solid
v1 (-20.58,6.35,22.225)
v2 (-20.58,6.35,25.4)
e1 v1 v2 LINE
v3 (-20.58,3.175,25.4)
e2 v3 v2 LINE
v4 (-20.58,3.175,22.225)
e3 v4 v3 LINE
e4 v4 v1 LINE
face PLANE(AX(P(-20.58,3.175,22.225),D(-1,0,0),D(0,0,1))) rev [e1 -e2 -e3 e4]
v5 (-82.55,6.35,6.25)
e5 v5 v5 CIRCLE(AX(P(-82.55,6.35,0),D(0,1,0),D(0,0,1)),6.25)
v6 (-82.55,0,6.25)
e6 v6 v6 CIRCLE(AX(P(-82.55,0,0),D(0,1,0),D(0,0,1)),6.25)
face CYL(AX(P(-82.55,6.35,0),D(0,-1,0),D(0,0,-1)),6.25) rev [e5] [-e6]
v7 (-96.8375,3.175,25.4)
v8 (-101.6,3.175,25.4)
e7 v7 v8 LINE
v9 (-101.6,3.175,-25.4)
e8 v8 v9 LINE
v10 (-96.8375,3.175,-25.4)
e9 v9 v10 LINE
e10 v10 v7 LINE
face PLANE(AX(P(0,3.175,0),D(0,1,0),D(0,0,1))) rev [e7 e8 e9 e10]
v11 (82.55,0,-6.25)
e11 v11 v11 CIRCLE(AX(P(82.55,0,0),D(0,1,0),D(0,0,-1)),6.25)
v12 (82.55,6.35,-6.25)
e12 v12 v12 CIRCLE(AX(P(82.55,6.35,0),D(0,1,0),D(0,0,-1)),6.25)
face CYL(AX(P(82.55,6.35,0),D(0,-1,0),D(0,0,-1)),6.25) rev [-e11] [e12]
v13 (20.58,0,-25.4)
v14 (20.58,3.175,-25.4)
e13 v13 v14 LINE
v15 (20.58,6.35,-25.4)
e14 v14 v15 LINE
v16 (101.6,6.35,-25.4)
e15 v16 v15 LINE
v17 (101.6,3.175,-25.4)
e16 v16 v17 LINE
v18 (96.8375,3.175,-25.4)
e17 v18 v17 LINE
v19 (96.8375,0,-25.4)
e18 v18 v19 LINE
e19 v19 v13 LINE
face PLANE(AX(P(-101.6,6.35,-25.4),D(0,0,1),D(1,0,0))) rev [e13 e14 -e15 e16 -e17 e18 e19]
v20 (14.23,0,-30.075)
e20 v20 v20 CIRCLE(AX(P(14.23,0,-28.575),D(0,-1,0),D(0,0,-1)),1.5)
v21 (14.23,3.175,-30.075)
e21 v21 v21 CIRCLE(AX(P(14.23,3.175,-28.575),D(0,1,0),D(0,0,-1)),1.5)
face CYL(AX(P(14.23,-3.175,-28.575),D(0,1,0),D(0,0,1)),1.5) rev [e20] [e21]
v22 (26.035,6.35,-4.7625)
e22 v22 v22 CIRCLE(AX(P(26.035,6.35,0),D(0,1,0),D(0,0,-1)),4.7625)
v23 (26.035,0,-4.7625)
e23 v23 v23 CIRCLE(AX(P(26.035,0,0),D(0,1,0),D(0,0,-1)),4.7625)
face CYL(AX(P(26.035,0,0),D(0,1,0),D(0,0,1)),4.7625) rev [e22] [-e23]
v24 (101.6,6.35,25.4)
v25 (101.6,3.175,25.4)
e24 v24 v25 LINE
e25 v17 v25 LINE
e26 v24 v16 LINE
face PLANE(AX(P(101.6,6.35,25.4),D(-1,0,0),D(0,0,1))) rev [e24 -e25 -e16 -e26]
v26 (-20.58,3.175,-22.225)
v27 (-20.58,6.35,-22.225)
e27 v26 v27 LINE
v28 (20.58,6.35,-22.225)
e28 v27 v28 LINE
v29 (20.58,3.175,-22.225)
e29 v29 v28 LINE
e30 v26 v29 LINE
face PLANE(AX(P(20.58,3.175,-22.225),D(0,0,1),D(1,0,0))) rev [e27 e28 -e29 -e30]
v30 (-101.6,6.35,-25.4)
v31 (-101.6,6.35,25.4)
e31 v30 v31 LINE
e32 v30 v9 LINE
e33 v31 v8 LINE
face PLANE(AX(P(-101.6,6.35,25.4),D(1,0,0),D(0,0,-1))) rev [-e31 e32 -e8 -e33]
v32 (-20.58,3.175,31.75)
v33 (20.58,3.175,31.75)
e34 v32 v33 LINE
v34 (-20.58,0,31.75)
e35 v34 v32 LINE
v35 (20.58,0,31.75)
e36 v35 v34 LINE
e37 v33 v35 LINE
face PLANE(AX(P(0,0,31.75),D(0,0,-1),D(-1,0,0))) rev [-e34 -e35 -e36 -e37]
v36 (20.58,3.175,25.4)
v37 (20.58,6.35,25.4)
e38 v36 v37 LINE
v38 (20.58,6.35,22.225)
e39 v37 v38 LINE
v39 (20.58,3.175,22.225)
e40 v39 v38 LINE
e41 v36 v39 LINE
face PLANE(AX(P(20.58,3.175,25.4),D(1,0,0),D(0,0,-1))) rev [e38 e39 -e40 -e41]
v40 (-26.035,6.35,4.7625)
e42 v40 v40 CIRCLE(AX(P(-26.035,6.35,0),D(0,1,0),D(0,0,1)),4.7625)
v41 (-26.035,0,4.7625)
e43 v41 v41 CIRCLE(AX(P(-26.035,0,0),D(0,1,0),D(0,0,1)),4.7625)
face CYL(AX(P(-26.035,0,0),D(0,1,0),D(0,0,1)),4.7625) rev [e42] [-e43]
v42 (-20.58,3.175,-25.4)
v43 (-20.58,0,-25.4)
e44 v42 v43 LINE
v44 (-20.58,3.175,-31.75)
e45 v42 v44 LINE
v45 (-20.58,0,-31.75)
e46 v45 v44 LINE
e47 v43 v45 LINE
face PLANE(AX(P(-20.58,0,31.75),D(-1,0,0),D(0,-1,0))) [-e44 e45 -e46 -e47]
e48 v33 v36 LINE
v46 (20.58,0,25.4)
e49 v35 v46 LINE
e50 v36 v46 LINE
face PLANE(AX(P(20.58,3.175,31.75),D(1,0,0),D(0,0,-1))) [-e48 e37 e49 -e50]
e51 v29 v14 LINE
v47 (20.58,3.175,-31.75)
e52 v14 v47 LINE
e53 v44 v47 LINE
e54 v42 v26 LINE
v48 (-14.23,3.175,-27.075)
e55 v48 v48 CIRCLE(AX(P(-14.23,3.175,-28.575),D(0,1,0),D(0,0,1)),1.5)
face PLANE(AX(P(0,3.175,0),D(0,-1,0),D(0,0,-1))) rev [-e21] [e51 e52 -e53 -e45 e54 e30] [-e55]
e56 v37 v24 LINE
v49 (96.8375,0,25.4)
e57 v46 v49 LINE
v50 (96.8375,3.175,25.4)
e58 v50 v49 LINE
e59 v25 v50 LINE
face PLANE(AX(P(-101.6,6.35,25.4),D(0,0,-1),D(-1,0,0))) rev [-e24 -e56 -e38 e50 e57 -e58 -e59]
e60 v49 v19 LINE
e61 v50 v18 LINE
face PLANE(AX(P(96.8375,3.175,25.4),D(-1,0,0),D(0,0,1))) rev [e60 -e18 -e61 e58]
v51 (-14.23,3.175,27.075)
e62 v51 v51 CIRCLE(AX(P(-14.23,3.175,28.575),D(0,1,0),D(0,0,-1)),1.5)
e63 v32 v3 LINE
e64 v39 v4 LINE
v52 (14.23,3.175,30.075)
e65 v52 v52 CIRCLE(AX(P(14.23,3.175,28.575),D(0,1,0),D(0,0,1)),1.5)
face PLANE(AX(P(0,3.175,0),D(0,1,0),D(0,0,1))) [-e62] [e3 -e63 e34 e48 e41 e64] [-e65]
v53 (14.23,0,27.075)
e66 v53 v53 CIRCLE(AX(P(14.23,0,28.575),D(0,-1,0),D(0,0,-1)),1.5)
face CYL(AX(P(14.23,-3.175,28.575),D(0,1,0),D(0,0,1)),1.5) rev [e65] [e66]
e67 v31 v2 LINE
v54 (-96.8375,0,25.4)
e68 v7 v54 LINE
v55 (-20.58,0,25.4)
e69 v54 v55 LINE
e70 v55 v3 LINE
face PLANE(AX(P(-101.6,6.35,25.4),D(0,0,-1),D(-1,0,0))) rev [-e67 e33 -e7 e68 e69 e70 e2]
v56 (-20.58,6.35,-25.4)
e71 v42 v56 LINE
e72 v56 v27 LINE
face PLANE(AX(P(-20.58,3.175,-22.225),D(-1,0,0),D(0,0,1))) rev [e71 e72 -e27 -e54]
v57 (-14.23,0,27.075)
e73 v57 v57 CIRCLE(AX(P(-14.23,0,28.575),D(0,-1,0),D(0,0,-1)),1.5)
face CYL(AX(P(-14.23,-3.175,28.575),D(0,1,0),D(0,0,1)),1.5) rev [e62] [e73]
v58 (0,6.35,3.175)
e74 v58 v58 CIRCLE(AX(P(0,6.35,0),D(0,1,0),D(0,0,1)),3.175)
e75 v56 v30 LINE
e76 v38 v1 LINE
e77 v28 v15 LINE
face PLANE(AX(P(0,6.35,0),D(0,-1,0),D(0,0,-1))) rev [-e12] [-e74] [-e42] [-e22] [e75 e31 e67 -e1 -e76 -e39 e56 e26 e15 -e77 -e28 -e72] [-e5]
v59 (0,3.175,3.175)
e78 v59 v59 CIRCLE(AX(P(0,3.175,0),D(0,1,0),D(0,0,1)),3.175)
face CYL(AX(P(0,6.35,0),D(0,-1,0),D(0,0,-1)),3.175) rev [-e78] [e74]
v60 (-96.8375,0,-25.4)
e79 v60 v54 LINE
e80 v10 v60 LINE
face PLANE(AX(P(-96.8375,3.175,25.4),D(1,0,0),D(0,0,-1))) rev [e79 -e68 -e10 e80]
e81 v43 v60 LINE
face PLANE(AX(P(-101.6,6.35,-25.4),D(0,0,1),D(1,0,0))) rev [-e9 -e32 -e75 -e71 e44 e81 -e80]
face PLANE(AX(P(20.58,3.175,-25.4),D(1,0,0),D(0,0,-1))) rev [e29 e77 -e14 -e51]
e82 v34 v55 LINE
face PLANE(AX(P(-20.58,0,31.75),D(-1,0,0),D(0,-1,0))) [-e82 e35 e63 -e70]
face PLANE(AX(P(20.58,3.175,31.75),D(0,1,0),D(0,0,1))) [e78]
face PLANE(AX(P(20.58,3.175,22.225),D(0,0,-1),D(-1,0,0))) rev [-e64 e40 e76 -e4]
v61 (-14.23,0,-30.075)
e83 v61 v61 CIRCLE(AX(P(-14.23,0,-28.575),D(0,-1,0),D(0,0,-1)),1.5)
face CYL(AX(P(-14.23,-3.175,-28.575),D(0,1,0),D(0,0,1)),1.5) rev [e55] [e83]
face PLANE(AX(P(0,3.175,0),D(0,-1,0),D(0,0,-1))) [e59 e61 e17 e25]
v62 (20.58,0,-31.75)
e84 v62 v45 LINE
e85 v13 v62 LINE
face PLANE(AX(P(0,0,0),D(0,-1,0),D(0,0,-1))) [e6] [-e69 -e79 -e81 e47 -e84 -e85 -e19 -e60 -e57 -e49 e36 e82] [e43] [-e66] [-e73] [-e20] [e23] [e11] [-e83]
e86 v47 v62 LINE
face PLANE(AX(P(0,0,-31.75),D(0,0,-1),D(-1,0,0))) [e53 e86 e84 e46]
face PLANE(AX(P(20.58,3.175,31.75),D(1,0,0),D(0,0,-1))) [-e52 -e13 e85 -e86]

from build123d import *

# Parameters (mm, degrees)
SKETCH1_W                = 203.2
SKETCH1_H                = 50.8
SKETCH1_R                = 6.25
SKETCH1_R_2              = 3.175
BOSS_EXTRUDE1_DEPTH      = 6.35
SKETCH2_W                = 41.159999976
SKETCH2_H                = 3.175
CUT_EXTRUDE1_DEPTH       = 3.175
SKETCH3_W                = 4.7625
SKETCH3_H                = 50.8
CUT_EXTRUDE2_DEPTH       = 3.175
SKETCH4_R                = 4.7625
CUT_EXTRUDE3_DEPTH       = 105.919218926
BOSS_EXTRUDE2_DEPTH      = 6.35
BOSS_EXTRUDE2_DEPTH_BACK = 57.15
SKETCH5_W                = 41.159999976
SKETCH5_H                = 3.175
SKETCH6_R                = 1.5
CUT_EXTRUDE4_DEPTH       = 6.35


with BuildPart() as part:
    # Sketch1 → Boss-Extrude1 (new body)
    with BuildSketch(Plane(origin=(0, 0, 0), x_dir=(1, 0, 0), z_dir=(0, 1, 0))):
        Rectangle(SKETCH1_W, SKETCH1_H)
        with Locations(Location((-82.55, 0, 0), (0, 0, 270))):
            Circle(SKETCH1_R, mode=Mode.SUBTRACT)
        with Locations(Location((82.55, 0, 0), (0, 0, 90))):
            Circle(SKETCH1_R, mode=Mode.SUBTRACT)
        with Locations(Location((0, 0, 0), (0, 0, 270))):
            Circle(SKETCH1_R_2, mode=Mode.SUBTRACT)
    extrude(amount=BOSS_EXTRUDE1_DEPTH)

    # Sketch2 → Cut-Extrude1 (cut)
    with BuildSketch(Plane(origin=(0, 6.35, 0), x_dir=(1, 0, 0), z_dir=(0, 1, 0))):
        with Locations((0, -23.8125)):
            Rectangle(SKETCH2_W, SKETCH2_H)
        with Locations((0, 23.8125)):
            Rectangle(SKETCH2_W, SKETCH2_H)
    extrude(amount=-CUT_EXTRUDE1_DEPTH, mode=Mode.SUBTRACT)

    # Sketch3 → Cut-Extrude2 (cut)
    with BuildSketch(Plane.XZ):
        with Locations((-99.21875, 0)):
            Rectangle(SKETCH3_W, SKETCH3_H)
        with Locations((99.21875, 0)):
            Rectangle(SKETCH3_W, SKETCH3_H)
    extrude(amount=-CUT_EXTRUDE2_DEPTH, mode=Mode.SUBTRACT)

    # Sketch4 → Cut-Extrude3 (cut, through all)
    with BuildSketch(Plane(origin=(0, 6.35, 0), x_dir=(1, 0, 0), z_dir=(0, 1, 0))):
        with Locations(Location((-26.035, 0, 0), (0, 0, 270))):
            Circle(SKETCH4_R)
        with Locations(Location((26.035, 0, 0), (0, 0, 90))):
            Circle(SKETCH4_R)
    extrude(amount=-CUT_EXTRUDE3_DEPTH, mode=Mode.SUBTRACT)

    # Sketch5 → Boss-Extrude2 (add, two sides: drawn at the far end of the back side and taken through both)
    with BuildSketch(Plane(origin=(0, 0, -25.4), x_dir=(-1, 0, 0), z_dir=(0, 0, -1)).offset(-BOSS_EXTRUDE2_DEPTH_BACK)):
        with Locations((0, 1.5875)):
            Rectangle(SKETCH5_W, SKETCH5_H)
    extrude(amount=BOSS_EXTRUDE2_DEPTH + BOSS_EXTRUDE2_DEPTH_BACK)

    # Sketch6 → Cut-Extrude4 (cut)
    with BuildSketch(Plane(origin=(0, 3.175, 0), x_dir=(1, 0, 0), z_dir=(0, 1, 0))):
        with Locations(Location((-14.229999988, 28.575, 0), (0, 0, 270))):
            Circle(SKETCH6_R)
        with Locations(Location((14.229999988, 28.575, 0), (0, 0, 90))):
            Circle(SKETCH6_R)
        with Locations(Location((14.229999988, -28.575, 0), (0, 0, 270))):
            Circle(SKETCH6_R)
        with Locations(Location((-14.229999988, -28.575, 0), (0, 0, 90))):
            Circle(SKETCH6_R)
    extrude(amount=-CUT_EXTRUDE4_DEPTH, mode=Mode.SUBTRACT)


solid = part.part
